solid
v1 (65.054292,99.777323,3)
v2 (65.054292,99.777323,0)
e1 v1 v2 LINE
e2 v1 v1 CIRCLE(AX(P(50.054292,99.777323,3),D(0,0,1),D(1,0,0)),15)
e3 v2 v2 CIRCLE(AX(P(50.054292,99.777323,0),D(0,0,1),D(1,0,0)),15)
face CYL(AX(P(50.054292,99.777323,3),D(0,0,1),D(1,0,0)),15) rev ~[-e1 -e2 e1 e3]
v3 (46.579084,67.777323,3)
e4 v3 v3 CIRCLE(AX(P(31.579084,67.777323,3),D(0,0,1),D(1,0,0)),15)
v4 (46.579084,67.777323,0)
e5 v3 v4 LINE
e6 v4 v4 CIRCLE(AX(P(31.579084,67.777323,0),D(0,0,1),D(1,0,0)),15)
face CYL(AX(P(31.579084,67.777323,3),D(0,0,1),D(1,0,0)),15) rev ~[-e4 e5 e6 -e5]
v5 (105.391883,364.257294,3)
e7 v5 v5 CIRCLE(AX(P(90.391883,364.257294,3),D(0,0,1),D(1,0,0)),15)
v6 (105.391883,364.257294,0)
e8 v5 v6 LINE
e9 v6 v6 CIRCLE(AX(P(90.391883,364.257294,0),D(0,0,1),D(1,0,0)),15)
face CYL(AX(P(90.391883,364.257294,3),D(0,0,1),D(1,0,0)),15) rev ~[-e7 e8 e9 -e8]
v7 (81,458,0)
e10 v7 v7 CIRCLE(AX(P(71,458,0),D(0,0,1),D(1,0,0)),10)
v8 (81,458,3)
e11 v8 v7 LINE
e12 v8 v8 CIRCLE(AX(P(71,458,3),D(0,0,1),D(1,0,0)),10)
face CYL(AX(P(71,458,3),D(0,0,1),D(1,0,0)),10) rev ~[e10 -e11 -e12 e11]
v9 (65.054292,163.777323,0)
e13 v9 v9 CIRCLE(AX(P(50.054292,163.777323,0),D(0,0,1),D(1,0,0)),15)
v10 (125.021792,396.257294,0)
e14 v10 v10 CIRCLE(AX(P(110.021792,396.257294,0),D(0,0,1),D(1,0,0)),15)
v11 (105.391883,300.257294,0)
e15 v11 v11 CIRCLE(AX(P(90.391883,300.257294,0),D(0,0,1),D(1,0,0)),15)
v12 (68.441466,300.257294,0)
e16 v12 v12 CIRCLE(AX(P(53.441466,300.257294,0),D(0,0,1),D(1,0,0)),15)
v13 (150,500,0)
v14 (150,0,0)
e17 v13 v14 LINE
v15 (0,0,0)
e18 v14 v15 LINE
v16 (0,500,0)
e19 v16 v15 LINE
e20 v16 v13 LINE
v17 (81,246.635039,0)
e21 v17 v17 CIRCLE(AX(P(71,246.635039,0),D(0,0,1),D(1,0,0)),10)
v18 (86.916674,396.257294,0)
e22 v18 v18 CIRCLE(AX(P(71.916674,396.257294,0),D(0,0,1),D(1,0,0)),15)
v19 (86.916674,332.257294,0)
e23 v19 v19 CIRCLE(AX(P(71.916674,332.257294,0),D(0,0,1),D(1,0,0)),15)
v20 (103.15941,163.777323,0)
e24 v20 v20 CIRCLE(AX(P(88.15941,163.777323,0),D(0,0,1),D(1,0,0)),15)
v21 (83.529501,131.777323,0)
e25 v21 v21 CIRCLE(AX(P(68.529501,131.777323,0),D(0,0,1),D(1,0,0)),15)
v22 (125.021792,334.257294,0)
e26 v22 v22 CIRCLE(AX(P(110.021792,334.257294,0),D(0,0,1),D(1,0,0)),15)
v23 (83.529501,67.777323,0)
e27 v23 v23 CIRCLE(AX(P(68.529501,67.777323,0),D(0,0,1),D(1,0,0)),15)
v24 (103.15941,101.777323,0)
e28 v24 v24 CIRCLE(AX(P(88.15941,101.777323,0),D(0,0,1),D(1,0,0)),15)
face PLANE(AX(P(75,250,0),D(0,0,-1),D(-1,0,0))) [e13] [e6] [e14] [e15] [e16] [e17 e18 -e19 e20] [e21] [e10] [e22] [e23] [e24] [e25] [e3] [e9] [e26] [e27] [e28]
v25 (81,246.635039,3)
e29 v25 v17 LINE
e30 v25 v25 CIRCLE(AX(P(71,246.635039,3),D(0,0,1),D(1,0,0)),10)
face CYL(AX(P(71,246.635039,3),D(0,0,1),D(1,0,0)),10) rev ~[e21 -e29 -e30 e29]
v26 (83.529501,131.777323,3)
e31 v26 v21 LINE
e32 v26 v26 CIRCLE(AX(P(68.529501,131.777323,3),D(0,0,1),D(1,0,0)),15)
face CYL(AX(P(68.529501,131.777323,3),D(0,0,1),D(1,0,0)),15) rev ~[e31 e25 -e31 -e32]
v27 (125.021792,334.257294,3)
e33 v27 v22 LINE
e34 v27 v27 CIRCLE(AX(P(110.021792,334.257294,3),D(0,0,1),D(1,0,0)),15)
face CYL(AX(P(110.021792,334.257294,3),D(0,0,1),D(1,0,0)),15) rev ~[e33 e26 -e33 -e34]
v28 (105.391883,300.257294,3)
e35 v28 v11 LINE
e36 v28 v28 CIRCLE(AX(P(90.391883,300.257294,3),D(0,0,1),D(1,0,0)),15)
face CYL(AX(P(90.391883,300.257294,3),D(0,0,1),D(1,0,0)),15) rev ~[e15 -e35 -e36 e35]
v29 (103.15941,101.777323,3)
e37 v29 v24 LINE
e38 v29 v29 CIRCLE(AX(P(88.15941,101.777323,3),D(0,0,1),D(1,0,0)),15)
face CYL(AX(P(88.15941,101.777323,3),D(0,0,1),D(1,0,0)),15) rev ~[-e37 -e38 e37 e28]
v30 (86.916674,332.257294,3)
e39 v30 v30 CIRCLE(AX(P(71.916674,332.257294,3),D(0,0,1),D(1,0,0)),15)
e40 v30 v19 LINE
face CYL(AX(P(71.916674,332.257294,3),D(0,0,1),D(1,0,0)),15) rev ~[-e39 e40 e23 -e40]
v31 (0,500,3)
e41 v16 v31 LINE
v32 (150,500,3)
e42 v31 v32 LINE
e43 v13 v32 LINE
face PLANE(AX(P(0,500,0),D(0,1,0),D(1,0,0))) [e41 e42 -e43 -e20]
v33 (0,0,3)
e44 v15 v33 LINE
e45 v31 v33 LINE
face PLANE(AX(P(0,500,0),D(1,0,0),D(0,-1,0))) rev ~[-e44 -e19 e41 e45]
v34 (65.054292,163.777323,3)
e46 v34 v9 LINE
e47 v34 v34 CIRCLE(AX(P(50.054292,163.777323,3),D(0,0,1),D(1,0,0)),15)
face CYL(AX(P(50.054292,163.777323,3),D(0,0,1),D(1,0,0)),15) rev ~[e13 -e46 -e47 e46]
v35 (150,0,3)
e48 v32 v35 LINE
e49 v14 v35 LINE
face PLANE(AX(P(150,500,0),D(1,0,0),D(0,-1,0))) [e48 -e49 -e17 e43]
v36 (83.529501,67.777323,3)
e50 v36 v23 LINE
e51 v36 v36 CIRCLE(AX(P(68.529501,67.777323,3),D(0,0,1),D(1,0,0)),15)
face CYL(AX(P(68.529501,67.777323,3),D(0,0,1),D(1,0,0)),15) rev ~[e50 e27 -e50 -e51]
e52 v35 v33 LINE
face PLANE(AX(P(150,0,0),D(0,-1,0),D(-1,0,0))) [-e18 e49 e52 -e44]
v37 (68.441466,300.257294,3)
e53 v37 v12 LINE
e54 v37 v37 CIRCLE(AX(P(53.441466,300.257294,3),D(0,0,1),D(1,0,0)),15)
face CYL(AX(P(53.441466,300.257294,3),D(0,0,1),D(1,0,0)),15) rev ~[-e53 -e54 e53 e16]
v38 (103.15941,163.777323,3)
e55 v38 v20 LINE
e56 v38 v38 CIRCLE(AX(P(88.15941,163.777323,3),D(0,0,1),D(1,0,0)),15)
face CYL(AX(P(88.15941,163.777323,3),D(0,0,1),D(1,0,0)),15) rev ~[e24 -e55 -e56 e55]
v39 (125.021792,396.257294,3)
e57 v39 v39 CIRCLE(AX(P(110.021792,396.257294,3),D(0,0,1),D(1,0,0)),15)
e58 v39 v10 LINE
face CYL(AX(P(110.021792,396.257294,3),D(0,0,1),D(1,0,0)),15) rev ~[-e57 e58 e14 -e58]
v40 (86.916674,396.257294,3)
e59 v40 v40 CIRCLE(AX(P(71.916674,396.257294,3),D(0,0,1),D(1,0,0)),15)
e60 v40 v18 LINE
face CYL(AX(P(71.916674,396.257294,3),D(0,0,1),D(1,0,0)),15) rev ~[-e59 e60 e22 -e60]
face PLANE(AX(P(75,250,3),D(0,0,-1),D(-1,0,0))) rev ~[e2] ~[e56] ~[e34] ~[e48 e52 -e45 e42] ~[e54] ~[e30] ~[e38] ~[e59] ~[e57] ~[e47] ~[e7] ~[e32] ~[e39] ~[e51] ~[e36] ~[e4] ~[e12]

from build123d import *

# Parameters (mm, degrees)
PAD_DEPTH     = 3
SKETCH001_R   = 15
SKETCH001_R_2 = 10
POCKET_DEPTH  = 3.001


with BuildPart() as part:
    # Sketch → Pad (new body)
    with BuildSketch(Plane.XY):
        Polygon((0, 500), (150, 500), (150, 0), (0, 0), (0, 250), align=None)
    extrude(amount=PAD_DEPTH)

    # Sketch001 (on Face7 of Pad) → Pocket (cut, through all)
    with BuildSketch(Plane.XY.offset(3)):
        with Locations((31.579084, 67.777323)):
            Circle(SKETCH001_R)
        with Locations((50.054292, 99.777323)):
            Circle(SKETCH001_R)
        with Locations((68.529501, 131.777323)):
            Circle(SKETCH001_R)
        with Locations((50.054292, 163.777323)):
            Circle(SKETCH001_R)
        with Locations((71, 246.635039)):
            Circle(SKETCH001_R_2)
        with Locations((68.529501, 67.777323)):
            Circle(SKETCH001_R)
        with Locations((88.15941, 101.777323)):
            Circle(SKETCH001_R)
        with Locations((88.15941, 163.777323)):
            Circle(SKETCH001_R)
        with Locations((53.441466, 300.257294)):
            Circle(SKETCH001_R)
        with Locations((71.916674, 332.257294)):
            Circle(SKETCH001_R)
        with Locations((90.391883, 364.257294)):
            Circle(SKETCH001_R)
        with Locations((71.916674, 396.257294)):
            Circle(SKETCH001_R)
        with Locations((71, 458)):
            Circle(SKETCH001_R_2)
        with Locations((90.391883, 300.257294)):
            Circle(SKETCH001_R)
        with Locations((110.021792, 334.257294)):
            Circle(SKETCH001_R)
        with Locations((110.021792, 396.257294)):
            Circle(SKETCH001_R)
    extrude(amount=-POCKET_DEPTH, mode=Mode.SUBTRACT)


solid = part.part
